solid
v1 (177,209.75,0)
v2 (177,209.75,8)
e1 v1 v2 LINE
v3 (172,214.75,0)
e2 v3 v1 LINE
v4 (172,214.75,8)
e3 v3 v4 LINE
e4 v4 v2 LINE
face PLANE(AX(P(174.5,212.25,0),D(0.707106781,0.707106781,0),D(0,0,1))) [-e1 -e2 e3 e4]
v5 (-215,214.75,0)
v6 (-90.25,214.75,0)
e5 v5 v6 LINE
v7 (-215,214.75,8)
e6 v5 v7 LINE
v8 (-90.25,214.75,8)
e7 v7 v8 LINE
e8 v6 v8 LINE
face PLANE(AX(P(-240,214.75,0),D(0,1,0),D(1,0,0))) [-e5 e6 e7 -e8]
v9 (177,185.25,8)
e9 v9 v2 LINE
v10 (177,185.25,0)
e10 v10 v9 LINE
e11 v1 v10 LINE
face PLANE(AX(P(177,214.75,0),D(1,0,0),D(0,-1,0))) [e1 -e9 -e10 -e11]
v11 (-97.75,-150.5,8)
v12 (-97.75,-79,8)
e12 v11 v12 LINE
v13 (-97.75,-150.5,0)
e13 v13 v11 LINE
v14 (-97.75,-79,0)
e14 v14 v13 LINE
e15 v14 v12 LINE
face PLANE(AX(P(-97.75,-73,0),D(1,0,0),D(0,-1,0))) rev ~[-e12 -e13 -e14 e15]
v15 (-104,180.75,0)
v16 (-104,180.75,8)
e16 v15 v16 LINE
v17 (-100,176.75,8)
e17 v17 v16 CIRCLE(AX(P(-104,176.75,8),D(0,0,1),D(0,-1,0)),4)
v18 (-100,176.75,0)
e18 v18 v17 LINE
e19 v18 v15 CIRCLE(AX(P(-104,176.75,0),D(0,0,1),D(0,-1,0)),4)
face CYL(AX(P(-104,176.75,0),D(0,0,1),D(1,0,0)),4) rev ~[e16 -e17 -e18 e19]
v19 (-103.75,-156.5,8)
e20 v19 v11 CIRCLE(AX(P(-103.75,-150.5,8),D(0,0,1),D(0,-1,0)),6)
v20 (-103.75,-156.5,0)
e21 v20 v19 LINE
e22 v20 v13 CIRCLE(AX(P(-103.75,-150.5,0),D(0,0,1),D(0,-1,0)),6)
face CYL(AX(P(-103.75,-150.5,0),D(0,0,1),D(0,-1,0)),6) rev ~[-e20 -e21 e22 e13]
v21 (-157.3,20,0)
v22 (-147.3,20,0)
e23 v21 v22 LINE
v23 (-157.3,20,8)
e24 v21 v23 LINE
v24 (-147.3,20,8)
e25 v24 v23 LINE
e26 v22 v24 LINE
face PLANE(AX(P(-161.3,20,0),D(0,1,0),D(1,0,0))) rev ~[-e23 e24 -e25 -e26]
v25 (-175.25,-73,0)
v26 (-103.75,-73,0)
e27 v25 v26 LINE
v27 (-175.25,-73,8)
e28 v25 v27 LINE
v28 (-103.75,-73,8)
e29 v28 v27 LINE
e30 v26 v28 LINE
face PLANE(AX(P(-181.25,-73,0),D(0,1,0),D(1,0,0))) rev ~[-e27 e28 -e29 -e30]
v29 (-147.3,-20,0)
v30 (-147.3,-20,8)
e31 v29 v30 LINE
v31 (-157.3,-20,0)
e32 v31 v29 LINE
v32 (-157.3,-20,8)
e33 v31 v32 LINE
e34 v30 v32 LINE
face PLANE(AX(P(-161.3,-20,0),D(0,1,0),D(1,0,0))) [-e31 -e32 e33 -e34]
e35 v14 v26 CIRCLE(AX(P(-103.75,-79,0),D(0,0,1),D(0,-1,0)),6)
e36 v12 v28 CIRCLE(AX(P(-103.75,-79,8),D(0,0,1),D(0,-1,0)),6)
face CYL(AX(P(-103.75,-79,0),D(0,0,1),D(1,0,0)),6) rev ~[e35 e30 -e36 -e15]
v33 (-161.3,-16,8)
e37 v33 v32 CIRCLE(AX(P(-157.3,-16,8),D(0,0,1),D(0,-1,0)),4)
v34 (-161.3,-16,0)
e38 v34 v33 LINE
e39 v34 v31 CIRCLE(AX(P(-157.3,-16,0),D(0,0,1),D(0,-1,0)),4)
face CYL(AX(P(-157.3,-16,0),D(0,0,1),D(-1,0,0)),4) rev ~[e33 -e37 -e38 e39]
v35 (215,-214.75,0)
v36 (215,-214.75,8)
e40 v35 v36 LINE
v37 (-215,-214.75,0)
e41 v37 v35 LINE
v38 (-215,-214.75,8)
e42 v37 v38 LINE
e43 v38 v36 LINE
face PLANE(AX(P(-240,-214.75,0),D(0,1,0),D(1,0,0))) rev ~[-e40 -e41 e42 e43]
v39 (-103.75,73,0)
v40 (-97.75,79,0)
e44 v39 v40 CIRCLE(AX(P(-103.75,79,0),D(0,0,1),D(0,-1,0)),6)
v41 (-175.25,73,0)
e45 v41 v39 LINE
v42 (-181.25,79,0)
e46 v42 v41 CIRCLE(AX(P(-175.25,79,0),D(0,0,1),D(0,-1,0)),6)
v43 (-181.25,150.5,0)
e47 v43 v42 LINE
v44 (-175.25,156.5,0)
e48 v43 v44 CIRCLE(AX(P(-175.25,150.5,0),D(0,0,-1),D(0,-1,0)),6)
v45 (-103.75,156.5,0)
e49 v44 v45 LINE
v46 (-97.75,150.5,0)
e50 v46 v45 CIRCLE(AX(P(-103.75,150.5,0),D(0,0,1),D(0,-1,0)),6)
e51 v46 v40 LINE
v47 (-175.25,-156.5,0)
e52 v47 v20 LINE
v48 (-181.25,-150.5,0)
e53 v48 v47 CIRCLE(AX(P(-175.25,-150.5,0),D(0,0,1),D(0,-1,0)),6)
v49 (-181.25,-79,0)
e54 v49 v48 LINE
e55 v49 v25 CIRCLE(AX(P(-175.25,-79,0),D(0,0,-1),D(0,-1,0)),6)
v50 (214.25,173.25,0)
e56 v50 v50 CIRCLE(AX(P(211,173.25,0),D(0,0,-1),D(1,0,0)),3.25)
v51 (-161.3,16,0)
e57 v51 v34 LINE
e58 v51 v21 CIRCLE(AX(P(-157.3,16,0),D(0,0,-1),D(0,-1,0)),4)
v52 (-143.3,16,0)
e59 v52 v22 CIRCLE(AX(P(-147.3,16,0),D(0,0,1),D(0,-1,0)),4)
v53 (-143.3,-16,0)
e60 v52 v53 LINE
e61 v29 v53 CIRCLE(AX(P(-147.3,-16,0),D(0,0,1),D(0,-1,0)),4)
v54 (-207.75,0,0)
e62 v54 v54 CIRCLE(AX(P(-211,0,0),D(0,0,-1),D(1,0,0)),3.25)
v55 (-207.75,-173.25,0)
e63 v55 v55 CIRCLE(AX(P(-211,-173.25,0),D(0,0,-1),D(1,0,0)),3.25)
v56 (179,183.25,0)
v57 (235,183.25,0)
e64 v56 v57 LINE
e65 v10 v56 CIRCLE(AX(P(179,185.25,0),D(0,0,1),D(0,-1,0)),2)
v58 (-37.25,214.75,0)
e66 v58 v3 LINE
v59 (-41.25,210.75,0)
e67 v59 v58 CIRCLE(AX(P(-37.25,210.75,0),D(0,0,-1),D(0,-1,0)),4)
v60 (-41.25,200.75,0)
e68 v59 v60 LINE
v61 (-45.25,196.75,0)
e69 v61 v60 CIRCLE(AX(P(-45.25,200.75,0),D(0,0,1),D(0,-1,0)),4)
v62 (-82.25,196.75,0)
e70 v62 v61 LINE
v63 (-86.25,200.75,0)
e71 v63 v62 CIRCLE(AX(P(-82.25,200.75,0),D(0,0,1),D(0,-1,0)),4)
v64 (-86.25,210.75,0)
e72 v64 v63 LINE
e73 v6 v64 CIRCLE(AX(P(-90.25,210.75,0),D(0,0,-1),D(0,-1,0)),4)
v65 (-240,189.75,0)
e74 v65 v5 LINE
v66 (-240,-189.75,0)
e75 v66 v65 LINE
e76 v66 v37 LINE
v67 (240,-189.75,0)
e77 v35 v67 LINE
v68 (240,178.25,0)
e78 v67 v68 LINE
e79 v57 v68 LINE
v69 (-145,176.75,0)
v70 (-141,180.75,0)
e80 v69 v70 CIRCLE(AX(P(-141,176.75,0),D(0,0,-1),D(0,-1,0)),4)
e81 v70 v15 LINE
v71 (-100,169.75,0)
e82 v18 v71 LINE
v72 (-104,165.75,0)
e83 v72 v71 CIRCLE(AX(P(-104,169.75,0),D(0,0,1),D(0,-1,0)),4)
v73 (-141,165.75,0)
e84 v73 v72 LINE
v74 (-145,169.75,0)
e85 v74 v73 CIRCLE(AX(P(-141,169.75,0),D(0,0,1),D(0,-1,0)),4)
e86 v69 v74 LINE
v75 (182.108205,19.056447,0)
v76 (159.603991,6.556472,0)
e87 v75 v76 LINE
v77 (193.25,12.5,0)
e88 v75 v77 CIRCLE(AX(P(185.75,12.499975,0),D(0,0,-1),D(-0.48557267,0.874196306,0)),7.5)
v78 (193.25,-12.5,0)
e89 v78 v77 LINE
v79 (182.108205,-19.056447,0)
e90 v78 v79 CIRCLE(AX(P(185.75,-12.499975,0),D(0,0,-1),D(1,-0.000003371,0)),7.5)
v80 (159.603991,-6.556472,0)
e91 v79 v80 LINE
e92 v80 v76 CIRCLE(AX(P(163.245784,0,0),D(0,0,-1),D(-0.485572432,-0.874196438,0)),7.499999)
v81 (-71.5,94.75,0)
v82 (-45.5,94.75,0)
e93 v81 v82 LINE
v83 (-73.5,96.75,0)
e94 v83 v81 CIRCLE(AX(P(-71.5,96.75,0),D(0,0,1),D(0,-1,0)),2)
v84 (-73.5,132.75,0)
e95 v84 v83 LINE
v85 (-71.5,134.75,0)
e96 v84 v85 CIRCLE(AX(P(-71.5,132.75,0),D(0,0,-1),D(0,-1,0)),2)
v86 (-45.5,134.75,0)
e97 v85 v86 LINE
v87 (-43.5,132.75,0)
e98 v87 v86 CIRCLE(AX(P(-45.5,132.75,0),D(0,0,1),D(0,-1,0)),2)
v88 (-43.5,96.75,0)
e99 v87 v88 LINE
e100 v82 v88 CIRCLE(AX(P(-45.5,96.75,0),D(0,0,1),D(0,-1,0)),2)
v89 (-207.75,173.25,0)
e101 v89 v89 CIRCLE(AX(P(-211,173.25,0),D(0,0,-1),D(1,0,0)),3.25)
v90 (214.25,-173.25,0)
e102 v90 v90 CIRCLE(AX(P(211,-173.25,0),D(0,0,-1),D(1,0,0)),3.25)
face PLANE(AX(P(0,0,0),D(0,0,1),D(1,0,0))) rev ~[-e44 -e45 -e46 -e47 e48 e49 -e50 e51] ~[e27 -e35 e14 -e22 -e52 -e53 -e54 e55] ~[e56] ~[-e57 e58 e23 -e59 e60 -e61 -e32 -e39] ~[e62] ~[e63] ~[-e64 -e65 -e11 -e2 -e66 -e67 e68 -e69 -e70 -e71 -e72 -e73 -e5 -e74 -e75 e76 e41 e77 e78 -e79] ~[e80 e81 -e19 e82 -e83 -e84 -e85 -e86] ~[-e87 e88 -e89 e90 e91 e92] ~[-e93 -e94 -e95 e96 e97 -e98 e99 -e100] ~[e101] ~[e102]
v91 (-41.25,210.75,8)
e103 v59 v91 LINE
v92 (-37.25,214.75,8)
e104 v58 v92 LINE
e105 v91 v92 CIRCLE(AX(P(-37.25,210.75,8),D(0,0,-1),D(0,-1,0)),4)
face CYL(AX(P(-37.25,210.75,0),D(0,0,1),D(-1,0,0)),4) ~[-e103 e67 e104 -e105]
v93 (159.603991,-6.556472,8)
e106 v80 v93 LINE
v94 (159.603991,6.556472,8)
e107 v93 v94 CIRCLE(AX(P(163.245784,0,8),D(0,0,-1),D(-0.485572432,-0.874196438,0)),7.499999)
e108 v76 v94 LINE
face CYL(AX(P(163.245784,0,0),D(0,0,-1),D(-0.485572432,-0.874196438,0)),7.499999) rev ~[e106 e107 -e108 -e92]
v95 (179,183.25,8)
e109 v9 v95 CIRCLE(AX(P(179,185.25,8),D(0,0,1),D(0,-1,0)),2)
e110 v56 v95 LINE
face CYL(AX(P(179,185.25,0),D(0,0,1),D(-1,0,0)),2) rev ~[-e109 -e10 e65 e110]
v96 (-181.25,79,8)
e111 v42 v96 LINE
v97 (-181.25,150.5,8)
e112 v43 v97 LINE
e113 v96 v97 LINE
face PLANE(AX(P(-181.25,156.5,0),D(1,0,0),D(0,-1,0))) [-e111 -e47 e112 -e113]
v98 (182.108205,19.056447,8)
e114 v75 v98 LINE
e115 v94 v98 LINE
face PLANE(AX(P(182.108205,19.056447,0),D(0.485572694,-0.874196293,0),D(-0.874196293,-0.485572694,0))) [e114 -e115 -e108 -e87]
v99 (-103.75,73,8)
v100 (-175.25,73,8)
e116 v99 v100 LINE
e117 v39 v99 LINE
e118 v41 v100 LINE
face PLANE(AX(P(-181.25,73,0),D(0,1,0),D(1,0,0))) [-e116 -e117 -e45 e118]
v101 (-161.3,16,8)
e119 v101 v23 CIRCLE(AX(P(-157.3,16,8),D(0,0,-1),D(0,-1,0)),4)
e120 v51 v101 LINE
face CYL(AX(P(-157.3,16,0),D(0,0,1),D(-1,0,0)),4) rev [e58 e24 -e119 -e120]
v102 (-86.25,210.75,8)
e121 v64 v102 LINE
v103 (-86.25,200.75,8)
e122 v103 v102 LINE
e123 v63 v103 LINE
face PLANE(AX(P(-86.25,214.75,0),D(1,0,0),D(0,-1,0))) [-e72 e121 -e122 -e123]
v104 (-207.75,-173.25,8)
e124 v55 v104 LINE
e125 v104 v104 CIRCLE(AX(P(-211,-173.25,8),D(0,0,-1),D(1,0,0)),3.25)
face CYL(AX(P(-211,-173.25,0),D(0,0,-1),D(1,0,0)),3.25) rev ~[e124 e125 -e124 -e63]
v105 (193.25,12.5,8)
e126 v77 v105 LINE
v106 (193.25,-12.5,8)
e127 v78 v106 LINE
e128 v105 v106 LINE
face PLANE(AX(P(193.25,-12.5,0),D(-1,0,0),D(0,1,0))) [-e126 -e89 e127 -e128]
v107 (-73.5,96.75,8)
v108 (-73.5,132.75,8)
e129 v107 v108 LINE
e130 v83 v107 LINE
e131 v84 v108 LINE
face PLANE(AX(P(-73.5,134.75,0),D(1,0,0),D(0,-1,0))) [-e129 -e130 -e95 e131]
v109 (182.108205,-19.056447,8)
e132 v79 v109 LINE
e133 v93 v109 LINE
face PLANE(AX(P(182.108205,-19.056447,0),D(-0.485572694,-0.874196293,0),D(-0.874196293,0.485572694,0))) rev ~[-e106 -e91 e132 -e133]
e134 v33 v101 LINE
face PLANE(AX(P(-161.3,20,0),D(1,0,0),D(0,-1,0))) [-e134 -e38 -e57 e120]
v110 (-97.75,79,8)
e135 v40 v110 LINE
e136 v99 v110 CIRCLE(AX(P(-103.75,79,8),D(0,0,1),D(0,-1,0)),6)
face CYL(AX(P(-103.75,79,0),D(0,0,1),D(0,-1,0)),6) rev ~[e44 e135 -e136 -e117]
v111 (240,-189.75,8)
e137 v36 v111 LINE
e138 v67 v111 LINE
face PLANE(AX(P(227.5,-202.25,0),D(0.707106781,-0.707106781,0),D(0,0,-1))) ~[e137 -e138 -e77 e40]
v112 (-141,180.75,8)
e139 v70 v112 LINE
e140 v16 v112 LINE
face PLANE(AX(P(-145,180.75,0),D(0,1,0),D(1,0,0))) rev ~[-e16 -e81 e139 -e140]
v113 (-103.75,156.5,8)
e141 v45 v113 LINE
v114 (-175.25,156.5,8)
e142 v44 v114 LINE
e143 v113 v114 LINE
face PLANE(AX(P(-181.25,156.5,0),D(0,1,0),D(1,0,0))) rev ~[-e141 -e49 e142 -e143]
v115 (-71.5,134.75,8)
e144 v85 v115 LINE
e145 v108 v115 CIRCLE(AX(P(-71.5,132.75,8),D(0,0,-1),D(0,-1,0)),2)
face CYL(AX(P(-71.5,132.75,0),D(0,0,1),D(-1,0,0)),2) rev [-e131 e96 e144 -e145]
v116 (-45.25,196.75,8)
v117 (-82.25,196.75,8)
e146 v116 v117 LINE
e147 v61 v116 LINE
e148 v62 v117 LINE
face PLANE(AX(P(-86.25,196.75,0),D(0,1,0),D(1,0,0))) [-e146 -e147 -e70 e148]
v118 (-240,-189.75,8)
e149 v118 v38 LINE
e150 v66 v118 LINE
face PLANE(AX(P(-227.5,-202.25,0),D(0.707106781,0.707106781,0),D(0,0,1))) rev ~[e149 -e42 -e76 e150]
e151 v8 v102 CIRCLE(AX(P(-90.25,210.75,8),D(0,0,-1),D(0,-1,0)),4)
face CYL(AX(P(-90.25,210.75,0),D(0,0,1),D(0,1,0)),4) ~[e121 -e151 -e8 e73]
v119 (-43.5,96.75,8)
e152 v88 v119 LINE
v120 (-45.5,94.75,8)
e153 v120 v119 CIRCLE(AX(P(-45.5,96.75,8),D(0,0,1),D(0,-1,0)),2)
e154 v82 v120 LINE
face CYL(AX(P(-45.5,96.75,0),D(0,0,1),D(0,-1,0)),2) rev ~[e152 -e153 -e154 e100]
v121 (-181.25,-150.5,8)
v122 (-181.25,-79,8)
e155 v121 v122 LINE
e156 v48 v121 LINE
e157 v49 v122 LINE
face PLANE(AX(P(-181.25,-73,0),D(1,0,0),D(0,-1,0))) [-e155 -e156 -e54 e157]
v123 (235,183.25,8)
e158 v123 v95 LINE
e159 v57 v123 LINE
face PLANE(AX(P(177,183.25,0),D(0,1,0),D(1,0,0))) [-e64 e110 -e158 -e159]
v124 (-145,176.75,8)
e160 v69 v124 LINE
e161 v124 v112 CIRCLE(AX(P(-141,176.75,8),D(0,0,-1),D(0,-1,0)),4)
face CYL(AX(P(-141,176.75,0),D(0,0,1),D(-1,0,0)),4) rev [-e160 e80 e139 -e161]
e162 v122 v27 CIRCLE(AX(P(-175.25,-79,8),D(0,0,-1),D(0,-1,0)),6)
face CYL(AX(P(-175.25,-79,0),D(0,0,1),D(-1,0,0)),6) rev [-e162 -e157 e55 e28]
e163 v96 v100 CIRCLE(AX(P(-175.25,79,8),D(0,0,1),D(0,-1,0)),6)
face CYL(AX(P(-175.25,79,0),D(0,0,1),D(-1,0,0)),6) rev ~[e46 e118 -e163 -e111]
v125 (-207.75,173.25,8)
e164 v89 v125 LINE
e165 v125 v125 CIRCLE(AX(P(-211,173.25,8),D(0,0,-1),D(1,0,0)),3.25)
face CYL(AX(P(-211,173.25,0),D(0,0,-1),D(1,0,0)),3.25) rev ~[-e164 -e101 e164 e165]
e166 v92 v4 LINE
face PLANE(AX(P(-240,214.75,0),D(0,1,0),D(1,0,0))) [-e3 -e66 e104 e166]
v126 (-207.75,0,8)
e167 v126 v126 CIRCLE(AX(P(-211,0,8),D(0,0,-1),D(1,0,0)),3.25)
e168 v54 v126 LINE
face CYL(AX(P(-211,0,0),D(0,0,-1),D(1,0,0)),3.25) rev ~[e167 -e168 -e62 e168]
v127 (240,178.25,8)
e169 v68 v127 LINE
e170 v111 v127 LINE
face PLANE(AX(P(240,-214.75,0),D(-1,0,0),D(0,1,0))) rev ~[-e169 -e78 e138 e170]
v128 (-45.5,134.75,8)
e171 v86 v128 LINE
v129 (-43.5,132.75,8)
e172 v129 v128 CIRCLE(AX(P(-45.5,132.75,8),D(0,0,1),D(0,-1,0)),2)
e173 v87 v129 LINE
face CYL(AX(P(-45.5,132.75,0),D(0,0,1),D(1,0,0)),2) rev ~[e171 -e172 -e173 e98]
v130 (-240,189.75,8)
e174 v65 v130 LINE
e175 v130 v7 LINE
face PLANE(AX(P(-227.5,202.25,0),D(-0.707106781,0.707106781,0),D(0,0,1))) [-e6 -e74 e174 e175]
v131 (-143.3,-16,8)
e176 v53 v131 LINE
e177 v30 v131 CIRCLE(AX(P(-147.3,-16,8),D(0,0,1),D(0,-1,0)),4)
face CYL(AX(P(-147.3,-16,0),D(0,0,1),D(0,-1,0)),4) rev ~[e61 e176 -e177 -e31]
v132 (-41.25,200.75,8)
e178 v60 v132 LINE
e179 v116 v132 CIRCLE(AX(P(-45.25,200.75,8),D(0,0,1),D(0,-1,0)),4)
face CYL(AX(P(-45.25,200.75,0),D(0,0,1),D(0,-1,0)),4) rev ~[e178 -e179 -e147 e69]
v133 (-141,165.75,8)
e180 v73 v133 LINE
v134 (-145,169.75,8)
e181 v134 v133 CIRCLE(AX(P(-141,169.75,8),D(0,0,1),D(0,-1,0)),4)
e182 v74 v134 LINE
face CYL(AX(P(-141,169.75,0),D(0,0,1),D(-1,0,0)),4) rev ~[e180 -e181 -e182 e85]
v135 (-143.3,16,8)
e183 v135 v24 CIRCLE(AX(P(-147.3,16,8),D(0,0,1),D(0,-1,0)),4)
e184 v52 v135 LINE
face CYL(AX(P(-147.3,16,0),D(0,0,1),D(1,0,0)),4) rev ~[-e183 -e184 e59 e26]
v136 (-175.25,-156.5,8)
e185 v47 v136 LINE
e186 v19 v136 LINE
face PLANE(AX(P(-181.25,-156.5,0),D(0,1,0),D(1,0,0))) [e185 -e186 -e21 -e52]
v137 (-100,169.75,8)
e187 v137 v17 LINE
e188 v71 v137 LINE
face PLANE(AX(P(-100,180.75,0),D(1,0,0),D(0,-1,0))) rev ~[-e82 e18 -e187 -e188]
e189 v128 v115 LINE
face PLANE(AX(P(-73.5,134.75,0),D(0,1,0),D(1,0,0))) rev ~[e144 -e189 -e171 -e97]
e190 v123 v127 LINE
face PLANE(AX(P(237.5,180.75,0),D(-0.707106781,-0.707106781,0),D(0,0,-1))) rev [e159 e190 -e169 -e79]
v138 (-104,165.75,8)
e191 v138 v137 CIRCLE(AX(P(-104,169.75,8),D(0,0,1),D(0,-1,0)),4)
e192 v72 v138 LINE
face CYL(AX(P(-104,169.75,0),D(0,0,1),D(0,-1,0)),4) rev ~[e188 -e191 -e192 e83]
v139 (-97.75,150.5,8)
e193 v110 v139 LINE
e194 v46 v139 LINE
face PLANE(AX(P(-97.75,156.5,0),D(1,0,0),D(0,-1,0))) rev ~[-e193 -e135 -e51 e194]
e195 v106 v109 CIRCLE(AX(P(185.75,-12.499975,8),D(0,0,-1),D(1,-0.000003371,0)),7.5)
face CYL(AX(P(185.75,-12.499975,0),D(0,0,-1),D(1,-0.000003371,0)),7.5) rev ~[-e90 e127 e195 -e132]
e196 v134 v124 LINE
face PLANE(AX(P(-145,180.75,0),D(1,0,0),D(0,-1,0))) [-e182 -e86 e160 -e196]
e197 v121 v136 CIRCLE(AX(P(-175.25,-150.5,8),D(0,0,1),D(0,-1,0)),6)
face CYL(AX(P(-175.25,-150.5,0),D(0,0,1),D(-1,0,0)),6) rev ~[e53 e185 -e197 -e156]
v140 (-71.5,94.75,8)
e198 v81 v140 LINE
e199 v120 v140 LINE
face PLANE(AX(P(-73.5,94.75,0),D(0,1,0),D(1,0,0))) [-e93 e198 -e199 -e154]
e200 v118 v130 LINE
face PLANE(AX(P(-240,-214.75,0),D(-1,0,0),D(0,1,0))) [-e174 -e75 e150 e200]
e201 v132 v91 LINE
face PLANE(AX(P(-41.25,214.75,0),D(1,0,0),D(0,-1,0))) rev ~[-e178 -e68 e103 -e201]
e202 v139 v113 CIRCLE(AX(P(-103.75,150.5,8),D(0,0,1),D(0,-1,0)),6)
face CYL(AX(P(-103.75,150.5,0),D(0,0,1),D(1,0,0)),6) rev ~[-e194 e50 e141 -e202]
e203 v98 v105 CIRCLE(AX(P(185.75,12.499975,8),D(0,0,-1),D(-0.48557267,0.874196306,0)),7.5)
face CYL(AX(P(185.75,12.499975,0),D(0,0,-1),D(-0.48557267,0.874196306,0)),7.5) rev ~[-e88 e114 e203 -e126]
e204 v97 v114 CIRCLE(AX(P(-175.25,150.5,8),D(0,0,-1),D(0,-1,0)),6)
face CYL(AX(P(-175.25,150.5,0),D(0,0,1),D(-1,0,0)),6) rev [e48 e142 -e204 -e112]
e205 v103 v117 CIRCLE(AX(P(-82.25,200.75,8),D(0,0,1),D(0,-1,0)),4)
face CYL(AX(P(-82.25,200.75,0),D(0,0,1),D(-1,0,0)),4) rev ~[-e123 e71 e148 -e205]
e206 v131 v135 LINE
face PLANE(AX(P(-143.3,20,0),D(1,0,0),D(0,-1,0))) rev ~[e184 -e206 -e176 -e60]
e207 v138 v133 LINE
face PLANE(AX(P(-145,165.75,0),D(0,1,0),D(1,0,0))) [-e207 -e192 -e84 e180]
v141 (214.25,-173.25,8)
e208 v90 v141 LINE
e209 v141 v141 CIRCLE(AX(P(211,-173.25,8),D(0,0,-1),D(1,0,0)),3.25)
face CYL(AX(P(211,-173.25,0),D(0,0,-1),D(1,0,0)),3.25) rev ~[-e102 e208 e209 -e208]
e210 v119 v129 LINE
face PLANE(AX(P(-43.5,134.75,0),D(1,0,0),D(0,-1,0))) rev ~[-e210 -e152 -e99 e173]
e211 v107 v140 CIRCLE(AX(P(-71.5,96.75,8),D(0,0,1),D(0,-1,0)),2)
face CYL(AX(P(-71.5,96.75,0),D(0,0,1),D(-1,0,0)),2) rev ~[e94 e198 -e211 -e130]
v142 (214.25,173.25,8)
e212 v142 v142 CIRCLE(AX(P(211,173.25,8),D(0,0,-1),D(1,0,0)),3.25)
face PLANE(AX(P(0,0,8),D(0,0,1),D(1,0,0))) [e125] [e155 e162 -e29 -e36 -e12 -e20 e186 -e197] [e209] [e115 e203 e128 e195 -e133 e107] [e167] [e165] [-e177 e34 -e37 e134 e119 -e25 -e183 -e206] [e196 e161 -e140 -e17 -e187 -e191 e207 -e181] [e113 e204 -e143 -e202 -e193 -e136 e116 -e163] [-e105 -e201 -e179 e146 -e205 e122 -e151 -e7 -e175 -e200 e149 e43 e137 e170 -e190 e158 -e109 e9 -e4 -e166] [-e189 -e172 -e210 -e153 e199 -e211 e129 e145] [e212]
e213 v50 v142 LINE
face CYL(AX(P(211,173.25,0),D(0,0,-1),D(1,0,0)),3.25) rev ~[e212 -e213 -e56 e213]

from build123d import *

# Parameters (mm, degrees)
SKETCH_W        = 480
SKETCH_H        = 429.5
PAD_DEPTH       = 8
CHAMFER_SIZE    = 25
SKETCH001_R     = 3.25
SKETCH001_W     = 63
SKETCH001_H     = 31.5
SKETCH001_W_2   = 83.5
SKETCH001_H_2   = 83.5
SKETCH001_W_3   = 18
SKETCH001_H_3   = 40
SKETCH001_W_4   = 45
SKETCH001_H_4   = 15
SKETCH001_W_5   = 30
POCKET_DEPTH    = 8.001
CHAMFER001_SIZE = 5
FILLET_R        = 2
FILLET001_R     = 2
FILLET002_R     = 6
FILLET003_R     = 4
FILLET004_R     = 4
SKETCH002_W     = 45
SKETCH002_H     = 18
POCKET001_DEPTH = 8.001
FILLET005_R     = 4


with BuildPart() as part:
    # Sketch → Pad (new body)
    with BuildSketch(Plane.XY):
        Rectangle(SKETCH_W, SKETCH_H)
    extrude(amount=PAD_DEPTH)

    # Chamfer
    chamfer_edges = [part.edges().sort_by_distance(p)[0] for p in [
        (-240, 214.75, 4),
        (-240, -214.75, 4),
        (240, -214.75, 4),
    ]]
    chamfer(chamfer_edges, length=CHAMFER_SIZE)

    # Sketch001 → Pocket (cut, through all)
    with BuildSketch(Plane(origin=(0, 0, 0), x_dir=(1, 0, 0), z_dir=(0, 0, -1))):
        with Locations((-211, 0)):
            Circle(SKETCH001_R)
        with Locations((-211, 173.25)):
            Circle(SKETCH001_R)
        with Locations((-211, -173.25)):
            Circle(SKETCH001_R)
        with Locations((211, -173.25)):
            Circle(SKETCH001_R)
        with Locations((211, 173.25)):
            Circle(SKETCH001_R)
        with Locations((208.5, -199)):
            Rectangle(SKETCH001_W, SKETCH001_H)
        with Locations((-139.5, -114.75)):
            Rectangle(SKETCH001_W_2, SKETCH001_H_2)
        with Locations((-139.5, 114.75)):
            Rectangle(SKETCH001_W_2, SKETCH001_H_2)
        with Locations((-152.3, 0)):
            Rectangle(SKETCH001_W_3, SKETCH001_H_3)
        with Locations((-122.5, -173.25)):
            Rectangle(SKETCH001_W_4, SKETCH001_H_4)
        with Locations((-58.5, -114.75)):
            Rectangle(SKETCH001_W_5, SKETCH001_H_3)
        with BuildLine():
            Line((193.25, 12.5), (193.25, -12.5))
            ThreePointArc((182.108205, -19.056447), (189.553707, -18.96386), (193.25, -12.5))
            Line((182.108205, -19.056447), (159.603991, -6.556472))
            ThreePointArc((159.603991, 6.556472), (155.745785, 0), (159.603991, -6.556472))
            Line((182.108205, 19.056447), (159.603991, 6.556472))
            ThreePointArc((193.25, 12.5), (189.553707, 18.96386), (182.108205, 19.056447))
        make_face()
    extrude(amount=-POCKET_DEPTH, mode=Mode.SUBTRACT)

    # Chamfer001
    chamfer001_edges = [part.edges().sort_by_distance(p)[0] for p in [
        (177, 214.75, 4),
        (240, 183.25, 4),
    ]]
    chamfer(chamfer001_edges, length=CHAMFER001_SIZE)

    # Fillet
    fillet_edges = [part.edges().sort_by_distance(p)[0] for p in [
        (177, 183.25, 4),
    ]]
    fillet(fillet_edges, radius=FILLET_R)

    # Fillet001
    fillet001_edges = [part.edges().sort_by_distance(p)[0] for p in [
        (-73.5, 94.75, 4),
        (-73.5, 134.75, 4),
        (-43.5, 134.75, 4),
        (-43.5, 94.75, 4),
    ]]
    fillet(fillet001_edges, radius=FILLET001_R)

    # Fillet002
    fillet002_edges = [part.edges().sort_by_distance(p)[0] for p in [
        (-97.75, 73, 4),
        (-181.25, 73, 4),
        (-181.25, 156.5, 4),
        (-97.75, 156.5, 4),
        (-97.75, -73, 4),
        (-181.25, -156.5, 4),
        (-97.75, -156.5, 4),
        (-181.25, -73, 4),
    ]]
    fillet(fillet002_edges, radius=FILLET002_R)

    # Fillet003
    fillet003_edges = [part.edges().sort_by_distance(p)[0] for p in [
        (-161.3, 20, 4),
        (-143.3, 20, 4),
        (-143.3, -20, 4),
        (-161.3, -20, 4),
    ]]
    fillet(fillet003_edges, radius=FILLET003_R)

    # Fillet004
    fillet004_edges = [part.edges().sort_by_distance(p)[0] for p in [
        (-145, 180.75, 4),
        (-100, 180.75, 4),
        (-100, 165.75, 4),
        (-145, 165.75, 4),
    ]]
    fillet(fillet004_edges, radius=FILLET004_R)

    # Sketch002 → Pocket001 (cut, through all)
    with BuildSketch(Plane(origin=(0, 0, 0), x_dir=(1, 0, 0), z_dir=(0, 0, -1))):
        with Locations((-63.75, -205.75)):
            Rectangle(SKETCH002_W, SKETCH002_H)
    extrude(amount=-POCKET001_DEPTH, mode=Mode.SUBTRACT)

    # Fillet005
    fillet005_edges = [part.edges().sort_by_distance(p)[0] for p in [
        (-41.25, 214.75, 4),
        (-41.25, 196.75, 4),
        (-86.25, 214.75, 4),
        (-86.25, 196.75, 4),
    ]]
    fillet(fillet005_edges, radius=FILLET005_R)


solid = part.part
